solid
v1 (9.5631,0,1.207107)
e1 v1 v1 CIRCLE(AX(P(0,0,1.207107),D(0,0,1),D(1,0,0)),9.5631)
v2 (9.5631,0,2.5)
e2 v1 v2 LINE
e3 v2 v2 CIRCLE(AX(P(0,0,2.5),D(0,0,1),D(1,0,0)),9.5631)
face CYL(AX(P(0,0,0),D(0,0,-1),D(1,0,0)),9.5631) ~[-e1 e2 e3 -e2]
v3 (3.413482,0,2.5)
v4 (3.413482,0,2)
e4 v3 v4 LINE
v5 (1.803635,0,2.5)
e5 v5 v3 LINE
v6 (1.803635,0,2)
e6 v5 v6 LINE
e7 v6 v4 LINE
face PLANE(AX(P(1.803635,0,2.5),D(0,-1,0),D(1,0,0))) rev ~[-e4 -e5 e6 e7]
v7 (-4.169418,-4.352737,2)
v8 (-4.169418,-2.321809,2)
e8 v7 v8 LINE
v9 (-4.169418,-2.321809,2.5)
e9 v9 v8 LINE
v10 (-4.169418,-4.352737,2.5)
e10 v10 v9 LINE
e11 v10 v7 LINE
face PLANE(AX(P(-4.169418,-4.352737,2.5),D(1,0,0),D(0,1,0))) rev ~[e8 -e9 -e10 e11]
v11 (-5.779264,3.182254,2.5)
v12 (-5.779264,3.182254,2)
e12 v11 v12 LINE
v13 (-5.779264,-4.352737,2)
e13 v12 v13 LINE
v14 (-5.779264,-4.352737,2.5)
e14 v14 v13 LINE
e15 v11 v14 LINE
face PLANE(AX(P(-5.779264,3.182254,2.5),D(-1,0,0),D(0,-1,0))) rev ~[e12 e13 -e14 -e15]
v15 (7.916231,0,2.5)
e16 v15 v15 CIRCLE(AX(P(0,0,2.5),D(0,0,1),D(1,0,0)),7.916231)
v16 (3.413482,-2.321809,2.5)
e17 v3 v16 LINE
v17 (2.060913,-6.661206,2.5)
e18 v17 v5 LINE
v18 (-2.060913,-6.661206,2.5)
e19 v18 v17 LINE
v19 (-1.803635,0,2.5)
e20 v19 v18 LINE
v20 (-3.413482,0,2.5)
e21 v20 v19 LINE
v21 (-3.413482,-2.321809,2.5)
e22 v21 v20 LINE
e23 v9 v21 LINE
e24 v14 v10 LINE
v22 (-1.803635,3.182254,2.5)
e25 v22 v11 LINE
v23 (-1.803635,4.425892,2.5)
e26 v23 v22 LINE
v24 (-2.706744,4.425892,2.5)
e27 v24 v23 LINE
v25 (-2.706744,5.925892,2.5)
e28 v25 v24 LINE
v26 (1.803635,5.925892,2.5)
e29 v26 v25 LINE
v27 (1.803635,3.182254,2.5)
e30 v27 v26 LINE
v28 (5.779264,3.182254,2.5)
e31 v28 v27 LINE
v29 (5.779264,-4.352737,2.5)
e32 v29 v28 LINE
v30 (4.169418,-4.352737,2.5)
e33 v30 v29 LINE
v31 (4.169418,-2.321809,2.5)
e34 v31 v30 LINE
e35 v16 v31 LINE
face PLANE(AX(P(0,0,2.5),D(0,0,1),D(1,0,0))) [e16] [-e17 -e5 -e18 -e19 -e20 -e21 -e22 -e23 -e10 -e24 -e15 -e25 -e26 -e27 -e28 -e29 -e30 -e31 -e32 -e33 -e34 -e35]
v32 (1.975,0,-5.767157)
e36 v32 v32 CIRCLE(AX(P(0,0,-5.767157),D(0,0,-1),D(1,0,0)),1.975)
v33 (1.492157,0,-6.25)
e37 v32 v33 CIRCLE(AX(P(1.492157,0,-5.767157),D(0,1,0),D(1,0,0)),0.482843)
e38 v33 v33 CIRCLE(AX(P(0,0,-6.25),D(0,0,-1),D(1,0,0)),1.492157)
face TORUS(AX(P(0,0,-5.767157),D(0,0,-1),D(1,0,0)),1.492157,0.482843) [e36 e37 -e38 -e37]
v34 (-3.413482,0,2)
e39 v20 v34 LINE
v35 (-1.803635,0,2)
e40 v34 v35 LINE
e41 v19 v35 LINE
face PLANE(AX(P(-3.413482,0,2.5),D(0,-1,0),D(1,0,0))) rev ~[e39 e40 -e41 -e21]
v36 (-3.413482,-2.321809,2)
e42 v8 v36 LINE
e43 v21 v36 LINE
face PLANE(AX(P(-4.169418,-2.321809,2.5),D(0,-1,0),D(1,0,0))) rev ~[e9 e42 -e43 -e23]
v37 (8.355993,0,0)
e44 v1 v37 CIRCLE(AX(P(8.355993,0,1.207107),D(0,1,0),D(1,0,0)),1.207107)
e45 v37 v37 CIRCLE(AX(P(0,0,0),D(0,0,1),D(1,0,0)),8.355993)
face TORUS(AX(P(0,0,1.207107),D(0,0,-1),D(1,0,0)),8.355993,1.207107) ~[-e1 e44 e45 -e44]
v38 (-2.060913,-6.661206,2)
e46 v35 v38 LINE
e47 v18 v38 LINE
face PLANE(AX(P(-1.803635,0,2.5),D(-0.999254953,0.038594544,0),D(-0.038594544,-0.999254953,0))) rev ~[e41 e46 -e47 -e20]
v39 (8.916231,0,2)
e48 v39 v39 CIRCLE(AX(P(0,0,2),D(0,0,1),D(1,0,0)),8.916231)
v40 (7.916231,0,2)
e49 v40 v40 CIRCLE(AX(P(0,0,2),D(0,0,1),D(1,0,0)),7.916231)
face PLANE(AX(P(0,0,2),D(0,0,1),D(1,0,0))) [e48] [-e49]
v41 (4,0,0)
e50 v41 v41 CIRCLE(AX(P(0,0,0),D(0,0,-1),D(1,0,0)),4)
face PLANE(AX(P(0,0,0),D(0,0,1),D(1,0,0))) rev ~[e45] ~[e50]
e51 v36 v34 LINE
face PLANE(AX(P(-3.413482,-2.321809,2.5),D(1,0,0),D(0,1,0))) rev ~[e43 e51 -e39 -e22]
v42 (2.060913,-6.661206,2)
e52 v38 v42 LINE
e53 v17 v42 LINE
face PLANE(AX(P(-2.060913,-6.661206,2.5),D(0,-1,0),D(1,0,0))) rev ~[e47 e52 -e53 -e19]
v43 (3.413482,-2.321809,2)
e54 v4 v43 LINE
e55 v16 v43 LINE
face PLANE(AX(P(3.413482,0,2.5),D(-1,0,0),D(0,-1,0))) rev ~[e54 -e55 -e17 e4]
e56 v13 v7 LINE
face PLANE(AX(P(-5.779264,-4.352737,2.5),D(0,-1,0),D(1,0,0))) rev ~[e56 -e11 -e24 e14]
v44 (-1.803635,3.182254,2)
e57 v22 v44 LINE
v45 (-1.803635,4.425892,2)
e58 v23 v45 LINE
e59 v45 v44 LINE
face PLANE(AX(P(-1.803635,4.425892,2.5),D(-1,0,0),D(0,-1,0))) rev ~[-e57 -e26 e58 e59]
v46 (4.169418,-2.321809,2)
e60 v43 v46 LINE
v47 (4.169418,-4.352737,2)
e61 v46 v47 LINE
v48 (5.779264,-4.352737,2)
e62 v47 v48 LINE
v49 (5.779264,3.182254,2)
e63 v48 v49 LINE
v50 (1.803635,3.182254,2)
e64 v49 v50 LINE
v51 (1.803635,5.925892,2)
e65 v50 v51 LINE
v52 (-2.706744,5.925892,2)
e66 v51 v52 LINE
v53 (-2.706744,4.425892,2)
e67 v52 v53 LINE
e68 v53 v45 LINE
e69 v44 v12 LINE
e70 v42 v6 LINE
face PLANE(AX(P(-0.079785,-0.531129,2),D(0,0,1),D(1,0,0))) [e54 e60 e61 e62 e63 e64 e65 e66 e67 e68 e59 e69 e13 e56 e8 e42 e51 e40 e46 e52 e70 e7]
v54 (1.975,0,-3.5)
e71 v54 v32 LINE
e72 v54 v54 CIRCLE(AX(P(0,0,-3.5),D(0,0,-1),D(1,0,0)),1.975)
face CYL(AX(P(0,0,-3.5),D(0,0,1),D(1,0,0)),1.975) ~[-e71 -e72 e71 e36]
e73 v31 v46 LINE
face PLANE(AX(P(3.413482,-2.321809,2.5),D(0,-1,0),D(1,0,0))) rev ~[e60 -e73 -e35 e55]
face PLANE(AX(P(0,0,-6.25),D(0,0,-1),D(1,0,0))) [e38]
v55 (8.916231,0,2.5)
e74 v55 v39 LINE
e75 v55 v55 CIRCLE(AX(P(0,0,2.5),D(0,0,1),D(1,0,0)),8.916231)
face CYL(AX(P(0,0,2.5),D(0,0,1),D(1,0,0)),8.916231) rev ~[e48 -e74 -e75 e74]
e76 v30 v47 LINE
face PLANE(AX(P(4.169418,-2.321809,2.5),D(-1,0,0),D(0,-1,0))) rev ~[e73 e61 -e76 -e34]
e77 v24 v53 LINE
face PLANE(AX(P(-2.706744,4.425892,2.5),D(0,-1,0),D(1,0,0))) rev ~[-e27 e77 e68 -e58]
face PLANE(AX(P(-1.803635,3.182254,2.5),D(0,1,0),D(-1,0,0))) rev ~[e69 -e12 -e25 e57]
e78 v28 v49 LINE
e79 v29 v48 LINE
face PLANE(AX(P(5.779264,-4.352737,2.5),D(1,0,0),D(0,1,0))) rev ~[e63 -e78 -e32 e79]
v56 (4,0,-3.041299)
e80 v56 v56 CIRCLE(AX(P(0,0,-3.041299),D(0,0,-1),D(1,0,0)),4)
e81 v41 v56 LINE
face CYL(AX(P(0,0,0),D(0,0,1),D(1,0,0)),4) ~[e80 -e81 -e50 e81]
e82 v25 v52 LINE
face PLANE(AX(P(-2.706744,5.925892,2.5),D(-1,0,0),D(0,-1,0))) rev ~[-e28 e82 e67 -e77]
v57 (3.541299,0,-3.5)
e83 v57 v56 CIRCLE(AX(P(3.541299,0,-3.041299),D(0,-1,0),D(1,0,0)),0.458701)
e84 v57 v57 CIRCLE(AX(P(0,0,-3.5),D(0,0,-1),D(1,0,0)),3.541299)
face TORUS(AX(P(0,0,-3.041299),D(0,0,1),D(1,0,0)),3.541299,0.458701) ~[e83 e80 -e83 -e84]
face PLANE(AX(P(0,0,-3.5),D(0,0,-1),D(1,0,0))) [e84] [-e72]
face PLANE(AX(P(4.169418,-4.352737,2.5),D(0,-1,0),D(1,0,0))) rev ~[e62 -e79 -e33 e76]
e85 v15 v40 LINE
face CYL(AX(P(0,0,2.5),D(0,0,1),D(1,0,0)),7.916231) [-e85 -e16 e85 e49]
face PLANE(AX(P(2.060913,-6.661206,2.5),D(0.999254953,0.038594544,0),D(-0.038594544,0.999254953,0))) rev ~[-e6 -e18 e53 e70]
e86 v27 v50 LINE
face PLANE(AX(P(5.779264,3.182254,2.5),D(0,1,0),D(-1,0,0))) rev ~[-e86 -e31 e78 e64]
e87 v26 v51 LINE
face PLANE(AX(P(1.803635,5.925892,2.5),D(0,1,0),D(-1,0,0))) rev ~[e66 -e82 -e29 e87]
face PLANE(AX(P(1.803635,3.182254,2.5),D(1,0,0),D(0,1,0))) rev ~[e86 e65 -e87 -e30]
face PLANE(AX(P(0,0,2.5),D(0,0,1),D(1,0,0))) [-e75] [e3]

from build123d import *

# Parameters (mm, degrees)
F0_R     = 9.5631
F1_DEPTH = 2.5
F2_R     = 8.9162314004
F2_R_2   = 7.9162314004
F3_DEPTH = 0.5
F4_R     = 4
F5_DEPTH = 3.5
F6_R     = 1.2071067812
F7_R     = 1.975
F8_DEPTH = 2.75
F9_R     = 0.4828427125
F10_R    = 0.4587005769


with BuildPart() as f1:
    # F0 (on Top) → F1 (new body)
    with BuildSketch(Plane.XY):
        Circle(F0_R)
    extrude(amount=F1_DEPTH)

    # F2 (on face) → F3 (cut)
    with BuildSketch(Plane.XY.offset(2.5)):
        Circle(F2_R)
        Circle(F2_R_2, mode=Mode.SUBTRACT)
        Polygon((1.8036346717, 5.9258921407), (-2.7067440096, 5.9258921407), (-2.7067440096, 4.4258921407), (-1.8036346717, 4.4258921407), (-1.8036346717, 3.1822535675), (-5.7792644948, 3.1822535675), (-5.7792644948, -4.3527372181), (-4.1694175287, -4.3527372181), (-4.1694175287, -2.3218090646), (-3.4134816378, -2.3218090646), (-3.4134816378, 0), (-1.8036346717, 0), (-2.0609125495, -6.6612055525), (0, -6.6612055525), (2.0609125495, -6.6612055525), (1.8036346717, 0), (3.4134816378, 0), (3.4134816378, -2.3218090646), (4.1694175287, -2.3218090646), (4.1694175287, -4.3527372181), (5.7792644948, -4.3527372181), (5.7792644948, 3.1822535675), (1.8036346717, 3.1822535675), align=None)
    extrude(amount=-F3_DEPTH, mode=Mode.SUBTRACT)

    # F4 (on face) → F5 (join)
    with BuildSketch(Plane(origin=(0, 0, 0), x_dir=(1, 0, 0), z_dir=(0, 0, -1))):
        Circle(F4_R)
    extrude(amount=F5_DEPTH)

    # F6
    f6_edges = [f1.edges().sort_by_distance(p)[0] for p in [
        (-9.5631, 0, 0),
    ]]
    fillet(f6_edges, radius=F6_R)

    # F7 (on face) → F8 (join)
    with BuildSketch(Plane(origin=(0, 0, -3.5), x_dir=(1, 0, 0), z_dir=(0, 0, -1))):
        Circle(F7_R)
    extrude(amount=F8_DEPTH)

    # F9
    f9_edges = [f1.edges().sort_by_distance(p)[0] for p in [
        (-1.975, 0, -6.25),
    ]]
    fillet(f9_edges, radius=F9_R)

    # F10
    f10_edges = [f1.edges().sort_by_distance(p)[0] for p in [
        (-4, 0, -3.5),
    ]]
    fillet(f10_edges, radius=F10_R)


solid = f1.part
